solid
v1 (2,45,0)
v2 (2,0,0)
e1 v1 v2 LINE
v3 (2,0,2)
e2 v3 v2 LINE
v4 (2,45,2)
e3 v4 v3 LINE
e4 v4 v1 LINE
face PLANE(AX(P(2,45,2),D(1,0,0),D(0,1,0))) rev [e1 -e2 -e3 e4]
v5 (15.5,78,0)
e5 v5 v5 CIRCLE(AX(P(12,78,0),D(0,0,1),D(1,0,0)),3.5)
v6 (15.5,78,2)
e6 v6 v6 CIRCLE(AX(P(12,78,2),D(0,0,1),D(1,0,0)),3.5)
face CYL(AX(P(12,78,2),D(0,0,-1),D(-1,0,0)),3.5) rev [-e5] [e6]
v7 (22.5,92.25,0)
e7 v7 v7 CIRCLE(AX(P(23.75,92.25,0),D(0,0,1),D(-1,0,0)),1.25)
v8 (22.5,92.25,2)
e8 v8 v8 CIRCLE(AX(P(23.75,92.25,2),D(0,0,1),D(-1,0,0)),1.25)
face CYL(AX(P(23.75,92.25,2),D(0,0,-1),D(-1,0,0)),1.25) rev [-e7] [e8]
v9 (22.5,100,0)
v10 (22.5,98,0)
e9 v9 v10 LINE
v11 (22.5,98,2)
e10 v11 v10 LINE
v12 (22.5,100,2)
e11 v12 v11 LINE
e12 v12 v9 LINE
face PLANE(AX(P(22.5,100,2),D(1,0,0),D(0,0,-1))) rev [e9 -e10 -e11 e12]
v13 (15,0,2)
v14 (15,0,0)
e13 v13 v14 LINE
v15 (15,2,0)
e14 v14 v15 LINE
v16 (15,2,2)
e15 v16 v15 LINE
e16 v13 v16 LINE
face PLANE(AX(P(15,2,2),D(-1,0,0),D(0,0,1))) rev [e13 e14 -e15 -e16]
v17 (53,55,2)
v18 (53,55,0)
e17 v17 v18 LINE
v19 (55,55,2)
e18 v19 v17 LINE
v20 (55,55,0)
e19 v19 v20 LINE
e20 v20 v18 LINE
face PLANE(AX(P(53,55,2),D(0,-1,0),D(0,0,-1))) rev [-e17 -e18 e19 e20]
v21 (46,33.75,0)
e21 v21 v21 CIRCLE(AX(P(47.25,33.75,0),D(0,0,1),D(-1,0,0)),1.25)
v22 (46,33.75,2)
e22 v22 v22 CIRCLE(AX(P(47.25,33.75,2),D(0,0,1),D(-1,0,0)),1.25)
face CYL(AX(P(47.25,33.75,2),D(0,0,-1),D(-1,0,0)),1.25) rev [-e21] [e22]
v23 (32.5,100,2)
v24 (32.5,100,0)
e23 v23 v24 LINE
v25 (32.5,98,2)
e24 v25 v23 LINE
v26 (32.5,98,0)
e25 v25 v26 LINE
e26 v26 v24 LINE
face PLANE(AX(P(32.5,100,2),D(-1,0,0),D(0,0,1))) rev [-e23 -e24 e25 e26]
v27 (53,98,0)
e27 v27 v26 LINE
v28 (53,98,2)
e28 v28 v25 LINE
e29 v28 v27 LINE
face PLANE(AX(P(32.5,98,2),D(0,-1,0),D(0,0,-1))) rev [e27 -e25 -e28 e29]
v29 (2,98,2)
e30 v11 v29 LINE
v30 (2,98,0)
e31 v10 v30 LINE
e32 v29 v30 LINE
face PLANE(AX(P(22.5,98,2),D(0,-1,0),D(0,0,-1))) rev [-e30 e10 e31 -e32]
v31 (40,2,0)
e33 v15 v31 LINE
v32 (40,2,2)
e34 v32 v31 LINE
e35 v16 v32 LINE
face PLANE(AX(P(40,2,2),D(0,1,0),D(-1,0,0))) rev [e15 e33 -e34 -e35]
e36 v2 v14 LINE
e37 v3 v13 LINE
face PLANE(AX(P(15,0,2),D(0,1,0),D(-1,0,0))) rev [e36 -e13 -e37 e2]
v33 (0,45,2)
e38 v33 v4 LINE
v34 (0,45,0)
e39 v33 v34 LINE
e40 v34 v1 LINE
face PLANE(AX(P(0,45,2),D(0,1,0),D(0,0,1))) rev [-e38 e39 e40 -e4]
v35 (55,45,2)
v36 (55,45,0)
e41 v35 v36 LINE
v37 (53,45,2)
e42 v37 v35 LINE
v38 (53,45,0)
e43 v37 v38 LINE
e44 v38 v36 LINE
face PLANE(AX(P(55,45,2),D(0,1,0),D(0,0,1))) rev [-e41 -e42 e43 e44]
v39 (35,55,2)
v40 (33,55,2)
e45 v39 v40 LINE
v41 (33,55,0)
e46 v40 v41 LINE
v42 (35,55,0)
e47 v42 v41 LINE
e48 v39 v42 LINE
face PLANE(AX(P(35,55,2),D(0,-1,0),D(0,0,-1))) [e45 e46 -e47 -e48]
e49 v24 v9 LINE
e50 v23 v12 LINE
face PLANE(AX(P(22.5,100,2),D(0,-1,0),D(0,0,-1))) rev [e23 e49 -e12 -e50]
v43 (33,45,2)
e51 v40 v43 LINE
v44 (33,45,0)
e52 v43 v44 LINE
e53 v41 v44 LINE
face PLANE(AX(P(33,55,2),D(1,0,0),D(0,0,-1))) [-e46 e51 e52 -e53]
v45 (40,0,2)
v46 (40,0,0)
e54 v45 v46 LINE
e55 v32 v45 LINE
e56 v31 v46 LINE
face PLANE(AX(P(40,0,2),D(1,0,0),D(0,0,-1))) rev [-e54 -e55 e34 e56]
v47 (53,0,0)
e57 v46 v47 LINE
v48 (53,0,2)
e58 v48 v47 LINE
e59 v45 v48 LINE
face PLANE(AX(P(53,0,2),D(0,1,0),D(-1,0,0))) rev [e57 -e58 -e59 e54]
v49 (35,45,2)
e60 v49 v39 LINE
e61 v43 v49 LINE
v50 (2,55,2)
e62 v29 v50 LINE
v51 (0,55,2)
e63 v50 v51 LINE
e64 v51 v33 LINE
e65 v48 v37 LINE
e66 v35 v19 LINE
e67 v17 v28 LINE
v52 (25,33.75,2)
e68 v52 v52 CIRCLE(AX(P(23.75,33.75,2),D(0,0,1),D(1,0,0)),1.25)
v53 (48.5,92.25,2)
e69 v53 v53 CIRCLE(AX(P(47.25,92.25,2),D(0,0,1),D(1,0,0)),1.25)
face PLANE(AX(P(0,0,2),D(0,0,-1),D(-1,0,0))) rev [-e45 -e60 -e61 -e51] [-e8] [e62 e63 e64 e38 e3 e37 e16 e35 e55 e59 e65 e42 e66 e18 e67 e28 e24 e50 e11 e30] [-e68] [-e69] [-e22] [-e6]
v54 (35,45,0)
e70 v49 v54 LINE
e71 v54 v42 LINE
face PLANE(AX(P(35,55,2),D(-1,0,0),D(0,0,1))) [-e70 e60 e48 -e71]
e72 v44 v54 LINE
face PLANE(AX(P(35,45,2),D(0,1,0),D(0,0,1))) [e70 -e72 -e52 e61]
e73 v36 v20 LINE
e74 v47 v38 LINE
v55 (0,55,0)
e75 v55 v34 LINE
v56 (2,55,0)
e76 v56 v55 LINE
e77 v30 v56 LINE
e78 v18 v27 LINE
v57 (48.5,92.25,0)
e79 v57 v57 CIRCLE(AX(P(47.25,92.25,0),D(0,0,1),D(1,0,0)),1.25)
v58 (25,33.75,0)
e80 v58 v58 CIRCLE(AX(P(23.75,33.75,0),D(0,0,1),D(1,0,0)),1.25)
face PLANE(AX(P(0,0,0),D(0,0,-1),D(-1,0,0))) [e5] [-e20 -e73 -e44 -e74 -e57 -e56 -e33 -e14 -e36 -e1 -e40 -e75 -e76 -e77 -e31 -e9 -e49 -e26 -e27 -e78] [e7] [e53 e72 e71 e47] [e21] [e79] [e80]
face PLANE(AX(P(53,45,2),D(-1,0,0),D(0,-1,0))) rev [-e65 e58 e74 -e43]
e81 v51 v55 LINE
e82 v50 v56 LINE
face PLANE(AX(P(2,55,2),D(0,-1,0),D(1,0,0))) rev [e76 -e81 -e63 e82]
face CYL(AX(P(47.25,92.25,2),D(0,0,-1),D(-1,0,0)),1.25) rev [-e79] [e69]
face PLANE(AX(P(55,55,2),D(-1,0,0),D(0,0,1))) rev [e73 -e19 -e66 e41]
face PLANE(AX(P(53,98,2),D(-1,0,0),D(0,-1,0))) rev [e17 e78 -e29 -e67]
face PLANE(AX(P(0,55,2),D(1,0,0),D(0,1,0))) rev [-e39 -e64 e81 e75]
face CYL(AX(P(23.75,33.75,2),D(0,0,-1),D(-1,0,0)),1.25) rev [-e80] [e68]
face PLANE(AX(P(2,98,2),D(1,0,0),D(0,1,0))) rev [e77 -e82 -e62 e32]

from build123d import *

# Parameters (mm, degrees)
SKETCH1_R           = 1.25
SKETCH1_R_2         = 3.5
SKETCH1_W           = 2
SKETCH1_H           = 10
BOSS_EXTRUDE1_DEPTH = 2


with BuildPart() as part:
    # Sketch1 → Boss-Extrude1 (new body)
    with BuildSketch(Plane.XY):
        Polygon((22.5, 100), (22.5, 98), (2, 98), (2, 55), (0, 55), (0, 45), (2, 45), (2, 0), (15, 0), (15, 2), (40, 2), (40, 0), (53, 0), (53, 45), (55, 45), (55, 55), (53, 55), (53, 98), (32.5, 98), (32.5, 100), align=None)
        with Locations((47.25, 92.25)):
            Circle(SKETCH1_R, mode=Mode.SUBTRACT)
        with Locations((23.75, 92.25)):
            Circle(SKETCH1_R, mode=Mode.SUBTRACT)
        with Locations((47.25, 33.75)):
            Circle(SKETCH1_R, mode=Mode.SUBTRACT)
        with Locations((23.75, 33.75)):
            Circle(SKETCH1_R, mode=Mode.SUBTRACT)
        with Locations((12, 78)):
            Circle(SKETCH1_R_2, mode=Mode.SUBTRACT)
        with Locations((34, 50)):
            Rectangle(SKETCH1_W, SKETCH1_H, mode=Mode.SUBTRACT)
    extrude(amount=BOSS_EXTRUDE1_DEPTH)


solid = part.part
